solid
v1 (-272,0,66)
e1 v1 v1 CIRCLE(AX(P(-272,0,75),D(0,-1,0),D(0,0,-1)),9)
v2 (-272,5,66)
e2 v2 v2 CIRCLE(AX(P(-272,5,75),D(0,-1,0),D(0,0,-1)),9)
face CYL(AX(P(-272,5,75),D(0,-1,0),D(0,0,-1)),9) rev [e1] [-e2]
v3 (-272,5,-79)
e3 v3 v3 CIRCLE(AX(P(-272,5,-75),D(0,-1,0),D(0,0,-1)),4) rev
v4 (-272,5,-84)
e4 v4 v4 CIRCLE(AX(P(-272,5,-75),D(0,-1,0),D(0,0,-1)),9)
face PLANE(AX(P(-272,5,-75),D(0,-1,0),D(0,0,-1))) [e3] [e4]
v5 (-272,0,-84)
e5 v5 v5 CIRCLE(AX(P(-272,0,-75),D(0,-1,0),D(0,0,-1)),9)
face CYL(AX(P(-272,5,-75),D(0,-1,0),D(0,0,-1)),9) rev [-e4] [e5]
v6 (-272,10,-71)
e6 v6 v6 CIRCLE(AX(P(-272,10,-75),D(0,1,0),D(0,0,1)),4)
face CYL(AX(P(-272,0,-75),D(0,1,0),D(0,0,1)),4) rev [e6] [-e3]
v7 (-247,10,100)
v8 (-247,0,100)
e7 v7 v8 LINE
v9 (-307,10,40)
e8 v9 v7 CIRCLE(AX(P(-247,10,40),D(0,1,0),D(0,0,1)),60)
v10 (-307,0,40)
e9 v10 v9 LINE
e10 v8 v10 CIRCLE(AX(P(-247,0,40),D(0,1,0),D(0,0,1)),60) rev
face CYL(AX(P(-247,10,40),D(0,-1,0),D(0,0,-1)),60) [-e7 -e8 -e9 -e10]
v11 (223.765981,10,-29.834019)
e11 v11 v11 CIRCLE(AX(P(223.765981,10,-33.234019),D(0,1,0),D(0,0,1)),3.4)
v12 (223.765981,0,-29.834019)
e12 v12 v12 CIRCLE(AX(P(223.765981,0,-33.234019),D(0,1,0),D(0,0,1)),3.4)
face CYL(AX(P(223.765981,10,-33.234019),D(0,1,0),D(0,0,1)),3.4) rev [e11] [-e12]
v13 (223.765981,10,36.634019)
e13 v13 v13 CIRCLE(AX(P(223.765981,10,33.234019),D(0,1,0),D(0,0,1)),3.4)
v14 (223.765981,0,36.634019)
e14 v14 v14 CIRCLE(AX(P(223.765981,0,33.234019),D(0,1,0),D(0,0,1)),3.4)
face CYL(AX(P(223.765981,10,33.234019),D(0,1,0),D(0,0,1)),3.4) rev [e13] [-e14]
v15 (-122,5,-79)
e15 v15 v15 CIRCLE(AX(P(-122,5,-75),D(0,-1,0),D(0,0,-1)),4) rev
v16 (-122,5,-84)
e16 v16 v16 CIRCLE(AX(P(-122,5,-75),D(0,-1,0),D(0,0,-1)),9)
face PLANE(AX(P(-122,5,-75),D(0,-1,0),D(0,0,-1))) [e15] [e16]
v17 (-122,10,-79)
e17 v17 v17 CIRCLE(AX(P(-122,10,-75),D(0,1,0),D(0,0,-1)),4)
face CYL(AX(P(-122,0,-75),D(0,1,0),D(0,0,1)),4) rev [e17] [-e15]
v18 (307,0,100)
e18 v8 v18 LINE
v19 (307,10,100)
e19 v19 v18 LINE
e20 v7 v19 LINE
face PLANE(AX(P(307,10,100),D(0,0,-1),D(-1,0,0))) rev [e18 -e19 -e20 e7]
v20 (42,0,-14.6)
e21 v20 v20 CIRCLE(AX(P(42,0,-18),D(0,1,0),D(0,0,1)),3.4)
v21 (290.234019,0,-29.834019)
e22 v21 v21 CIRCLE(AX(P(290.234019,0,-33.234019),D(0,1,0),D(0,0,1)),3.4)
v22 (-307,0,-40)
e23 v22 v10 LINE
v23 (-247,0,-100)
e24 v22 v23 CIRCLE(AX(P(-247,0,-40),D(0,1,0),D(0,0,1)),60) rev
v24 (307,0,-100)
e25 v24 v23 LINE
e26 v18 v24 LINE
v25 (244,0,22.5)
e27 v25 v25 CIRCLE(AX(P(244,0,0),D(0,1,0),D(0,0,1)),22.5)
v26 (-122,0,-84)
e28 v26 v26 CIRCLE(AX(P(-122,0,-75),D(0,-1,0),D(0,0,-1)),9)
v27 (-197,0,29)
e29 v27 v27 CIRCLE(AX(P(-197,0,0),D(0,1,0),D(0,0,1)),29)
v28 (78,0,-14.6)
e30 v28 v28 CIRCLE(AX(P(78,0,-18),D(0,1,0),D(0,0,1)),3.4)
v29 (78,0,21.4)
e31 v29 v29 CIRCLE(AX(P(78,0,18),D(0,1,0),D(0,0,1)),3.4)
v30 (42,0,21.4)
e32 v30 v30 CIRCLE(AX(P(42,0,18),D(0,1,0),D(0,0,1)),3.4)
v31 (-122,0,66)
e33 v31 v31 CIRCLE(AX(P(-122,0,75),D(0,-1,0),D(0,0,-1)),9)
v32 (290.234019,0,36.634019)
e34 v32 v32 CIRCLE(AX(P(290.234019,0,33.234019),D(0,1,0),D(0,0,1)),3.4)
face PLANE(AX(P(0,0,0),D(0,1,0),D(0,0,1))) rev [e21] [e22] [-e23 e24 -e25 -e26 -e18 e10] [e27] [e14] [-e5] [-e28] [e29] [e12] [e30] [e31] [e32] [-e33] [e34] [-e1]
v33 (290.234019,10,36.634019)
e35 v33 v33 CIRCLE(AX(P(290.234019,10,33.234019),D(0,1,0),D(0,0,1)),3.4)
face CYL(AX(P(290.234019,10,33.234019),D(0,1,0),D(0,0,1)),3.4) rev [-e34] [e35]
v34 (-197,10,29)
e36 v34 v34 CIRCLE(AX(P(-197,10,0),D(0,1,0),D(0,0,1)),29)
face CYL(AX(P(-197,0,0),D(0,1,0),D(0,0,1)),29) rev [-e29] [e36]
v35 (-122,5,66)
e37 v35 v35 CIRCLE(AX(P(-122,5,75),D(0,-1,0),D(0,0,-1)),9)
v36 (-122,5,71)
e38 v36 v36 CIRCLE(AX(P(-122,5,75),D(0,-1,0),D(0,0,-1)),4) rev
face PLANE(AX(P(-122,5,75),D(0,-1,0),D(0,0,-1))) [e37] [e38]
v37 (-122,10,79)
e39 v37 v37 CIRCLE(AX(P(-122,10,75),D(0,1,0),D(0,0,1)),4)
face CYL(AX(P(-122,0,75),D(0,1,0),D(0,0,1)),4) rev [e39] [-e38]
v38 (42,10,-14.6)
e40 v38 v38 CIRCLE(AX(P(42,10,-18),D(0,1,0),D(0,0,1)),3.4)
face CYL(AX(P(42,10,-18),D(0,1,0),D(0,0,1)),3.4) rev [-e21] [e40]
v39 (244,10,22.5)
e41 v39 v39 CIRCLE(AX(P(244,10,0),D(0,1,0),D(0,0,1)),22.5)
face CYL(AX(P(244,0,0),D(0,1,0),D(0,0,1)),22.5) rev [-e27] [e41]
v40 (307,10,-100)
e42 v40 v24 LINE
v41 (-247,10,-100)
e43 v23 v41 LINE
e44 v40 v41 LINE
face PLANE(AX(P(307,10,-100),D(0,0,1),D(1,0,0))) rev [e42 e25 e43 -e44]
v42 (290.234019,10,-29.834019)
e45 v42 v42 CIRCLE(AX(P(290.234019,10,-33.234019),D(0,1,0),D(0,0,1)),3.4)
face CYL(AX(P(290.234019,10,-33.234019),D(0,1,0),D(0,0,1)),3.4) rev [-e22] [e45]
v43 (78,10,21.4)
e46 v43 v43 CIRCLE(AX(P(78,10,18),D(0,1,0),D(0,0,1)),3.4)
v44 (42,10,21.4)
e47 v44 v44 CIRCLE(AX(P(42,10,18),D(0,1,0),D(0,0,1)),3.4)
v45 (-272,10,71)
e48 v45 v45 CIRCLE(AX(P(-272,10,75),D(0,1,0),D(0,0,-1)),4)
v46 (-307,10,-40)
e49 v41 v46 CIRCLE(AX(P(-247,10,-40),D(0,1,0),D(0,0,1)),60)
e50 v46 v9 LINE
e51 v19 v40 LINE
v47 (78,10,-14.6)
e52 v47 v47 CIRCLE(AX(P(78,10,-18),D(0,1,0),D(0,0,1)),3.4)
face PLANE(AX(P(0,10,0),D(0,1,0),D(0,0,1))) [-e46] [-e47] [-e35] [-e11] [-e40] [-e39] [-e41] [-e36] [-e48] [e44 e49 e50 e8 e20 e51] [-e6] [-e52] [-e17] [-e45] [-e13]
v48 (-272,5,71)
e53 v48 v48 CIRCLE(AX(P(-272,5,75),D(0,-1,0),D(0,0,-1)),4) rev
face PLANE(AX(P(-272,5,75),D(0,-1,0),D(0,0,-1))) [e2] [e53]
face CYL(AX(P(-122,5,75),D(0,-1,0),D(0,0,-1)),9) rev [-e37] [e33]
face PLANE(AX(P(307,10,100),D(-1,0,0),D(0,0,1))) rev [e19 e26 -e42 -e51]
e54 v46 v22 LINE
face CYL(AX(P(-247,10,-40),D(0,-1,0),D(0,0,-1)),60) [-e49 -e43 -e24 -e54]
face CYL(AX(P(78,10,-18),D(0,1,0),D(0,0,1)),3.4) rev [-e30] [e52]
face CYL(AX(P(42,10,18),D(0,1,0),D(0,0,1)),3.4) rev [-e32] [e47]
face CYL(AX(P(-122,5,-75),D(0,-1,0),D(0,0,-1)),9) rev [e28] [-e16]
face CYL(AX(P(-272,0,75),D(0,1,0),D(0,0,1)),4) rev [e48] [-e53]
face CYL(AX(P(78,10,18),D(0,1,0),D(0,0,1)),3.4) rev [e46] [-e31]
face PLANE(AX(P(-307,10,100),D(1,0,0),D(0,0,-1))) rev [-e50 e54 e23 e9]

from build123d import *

# Parameters (mm, degrees)
SKETCH1_W             = 614
SKETCH1_H             = 200
EXTRUDE1_DEPTH        = 10
SKETCH2_R             = 29
SKETCH2_R_2           = 4
EXTRUDE2_DEPTH        = 10
M8_TAPPED_HOLE2_D     = 6.8
M8_TAPPED_HOLE2_DEPTH = 19.75
M8_TAPPED_HOLE2_TIP   = 2.042926105
SKETCH6_R             = 22.5
EXTRUDE3_DEPTH        = 10
SKETCH7_R             = 9
EXTRUDE4_DEPTH        = 5
LPATTERN1_COUNT       = 2
LPATTERN1_PITCH       = 150
LPATTERN1_COUNT_DIR2  = 2
LPATTERN1_PITCH_DIR2  = 150
M8_TAPPED_HOLE3_D     = 6.8
M8_TAPPED_HOLE3_DEPTH = 19.75
M8_TAPPED_HOLE3_TIP   = 2.042926105
FILLET1_R             = 60


with BuildPart() as part:
    # Sketch1 → Extrude1 (new body)
    with BuildSketch(Plane(origin=(0, 0, 0), x_dir=(1, 0, 0), z_dir=(0, 1, 0))):
        Rectangle(SKETCH1_W, SKETCH1_H)
    extrude(amount=EXTRUDE1_DEPTH)

    # Sketch2 → Extrude2 (cut)
    with BuildSketch(Plane(origin=(0, 10, 0), x_dir=(1, 0, 0), z_dir=(0, 1, 0))):
        with Locations(Location((-197, 0, 0), (0, 0, 270))):
            Circle(SKETCH2_R)
        with Locations(Location((-272, 75, 0), (0, 0, 270))):
            Circle(SKETCH2_R_2)
        with Locations(Location((-122, 75, 0), (0, 0, 90))):
            Circle(SKETCH2_R_2)
        with Locations(Location((-122, -75, 0), (0, 0, 270))):
            Circle(SKETCH2_R_2)
        with Locations(Location((-272, -75, 0), (0, 0, 90))):
            Circle(SKETCH2_R_2)
    extrude(amount=-EXTRUDE2_DEPTH, mode=Mode.SUBTRACT)

    # M8 Tapped Hole2
    with Locations(Plane(origin=(223.765981284, 10, -33.234018716), x_dir=(0, 0, 1), z_dir=(0, 1, 0))):
        with Locations((0, 0), (0, 66.468037432), (66.468037432, 0), (66.468037432, 66.468037432)):
            Hole(M8_TAPPED_HOLE2_D / 2, depth=M8_TAPPED_HOLE2_DEPTH)
            with Locations((0, 0, -(M8_TAPPED_HOLE2_DEPTH + M8_TAPPED_HOLE2_TIP / 2))):  # 118° drill point
                Cone(0, M8_TAPPED_HOLE2_D / 2, M8_TAPPED_HOLE2_TIP, mode=Mode.SUBTRACT)

    # Sketch6 → Extrude3 (cut)
    with BuildSketch(Plane(origin=(0, 10, 0), x_dir=(1, 0, 0), z_dir=(0, 1, 0))):
        with Locations(Location((244, 0, 0), (0, 0, 270))):
            Circle(SKETCH6_R)
    extrude(amount=-EXTRUDE3_DEPTH, mode=Mode.SUBTRACT)

    # Sketch7 → Extrude4 (cut)
    with BuildSketch(Plane.XZ):
        with Locations(Location((-272, 75, 0), (0, 0, 270))):
            Circle(SKETCH7_R)
    extrude4 = extrude(amount=-EXTRUDE4_DEPTH, mode=Mode.SUBTRACT)

    # LPattern1: Extrude4 2 × 2
    with Locations(*[(i * LPATTERN1_PITCH, 0, -j * LPATTERN1_PITCH_DIR2) for i in range(LPATTERN1_COUNT) for j in range(LPATTERN1_COUNT_DIR2) if (i, j) != (0, 0)]):
        add(extrude4, mode=Mode.SUBTRACT)

    # M8 Tapped Hole3
    with Locations(Plane(origin=(42, 10, -18), x_dir=(0, 0, 1), z_dir=(0, 1, 0))):
        with Locations((0, 0), (0, 36), (36, 0), (36, 36)):
            Hole(M8_TAPPED_HOLE3_D / 2, depth=M8_TAPPED_HOLE3_DEPTH)
            with Locations((0, 0, -(M8_TAPPED_HOLE3_DEPTH + M8_TAPPED_HOLE3_TIP / 2))):  # 118° drill point
                Cone(0, M8_TAPPED_HOLE3_D / 2, M8_TAPPED_HOLE3_TIP, mode=Mode.SUBTRACT)

    # Fillet1
    fillet1_edges = [part.edges().sort_by_distance(p)[0] for p in [
        (-307, 5, -100),
        (-307, 5, 100),
    ]]
    fillet(fillet1_edges, radius=FILLET1_R)


solid = part.part
